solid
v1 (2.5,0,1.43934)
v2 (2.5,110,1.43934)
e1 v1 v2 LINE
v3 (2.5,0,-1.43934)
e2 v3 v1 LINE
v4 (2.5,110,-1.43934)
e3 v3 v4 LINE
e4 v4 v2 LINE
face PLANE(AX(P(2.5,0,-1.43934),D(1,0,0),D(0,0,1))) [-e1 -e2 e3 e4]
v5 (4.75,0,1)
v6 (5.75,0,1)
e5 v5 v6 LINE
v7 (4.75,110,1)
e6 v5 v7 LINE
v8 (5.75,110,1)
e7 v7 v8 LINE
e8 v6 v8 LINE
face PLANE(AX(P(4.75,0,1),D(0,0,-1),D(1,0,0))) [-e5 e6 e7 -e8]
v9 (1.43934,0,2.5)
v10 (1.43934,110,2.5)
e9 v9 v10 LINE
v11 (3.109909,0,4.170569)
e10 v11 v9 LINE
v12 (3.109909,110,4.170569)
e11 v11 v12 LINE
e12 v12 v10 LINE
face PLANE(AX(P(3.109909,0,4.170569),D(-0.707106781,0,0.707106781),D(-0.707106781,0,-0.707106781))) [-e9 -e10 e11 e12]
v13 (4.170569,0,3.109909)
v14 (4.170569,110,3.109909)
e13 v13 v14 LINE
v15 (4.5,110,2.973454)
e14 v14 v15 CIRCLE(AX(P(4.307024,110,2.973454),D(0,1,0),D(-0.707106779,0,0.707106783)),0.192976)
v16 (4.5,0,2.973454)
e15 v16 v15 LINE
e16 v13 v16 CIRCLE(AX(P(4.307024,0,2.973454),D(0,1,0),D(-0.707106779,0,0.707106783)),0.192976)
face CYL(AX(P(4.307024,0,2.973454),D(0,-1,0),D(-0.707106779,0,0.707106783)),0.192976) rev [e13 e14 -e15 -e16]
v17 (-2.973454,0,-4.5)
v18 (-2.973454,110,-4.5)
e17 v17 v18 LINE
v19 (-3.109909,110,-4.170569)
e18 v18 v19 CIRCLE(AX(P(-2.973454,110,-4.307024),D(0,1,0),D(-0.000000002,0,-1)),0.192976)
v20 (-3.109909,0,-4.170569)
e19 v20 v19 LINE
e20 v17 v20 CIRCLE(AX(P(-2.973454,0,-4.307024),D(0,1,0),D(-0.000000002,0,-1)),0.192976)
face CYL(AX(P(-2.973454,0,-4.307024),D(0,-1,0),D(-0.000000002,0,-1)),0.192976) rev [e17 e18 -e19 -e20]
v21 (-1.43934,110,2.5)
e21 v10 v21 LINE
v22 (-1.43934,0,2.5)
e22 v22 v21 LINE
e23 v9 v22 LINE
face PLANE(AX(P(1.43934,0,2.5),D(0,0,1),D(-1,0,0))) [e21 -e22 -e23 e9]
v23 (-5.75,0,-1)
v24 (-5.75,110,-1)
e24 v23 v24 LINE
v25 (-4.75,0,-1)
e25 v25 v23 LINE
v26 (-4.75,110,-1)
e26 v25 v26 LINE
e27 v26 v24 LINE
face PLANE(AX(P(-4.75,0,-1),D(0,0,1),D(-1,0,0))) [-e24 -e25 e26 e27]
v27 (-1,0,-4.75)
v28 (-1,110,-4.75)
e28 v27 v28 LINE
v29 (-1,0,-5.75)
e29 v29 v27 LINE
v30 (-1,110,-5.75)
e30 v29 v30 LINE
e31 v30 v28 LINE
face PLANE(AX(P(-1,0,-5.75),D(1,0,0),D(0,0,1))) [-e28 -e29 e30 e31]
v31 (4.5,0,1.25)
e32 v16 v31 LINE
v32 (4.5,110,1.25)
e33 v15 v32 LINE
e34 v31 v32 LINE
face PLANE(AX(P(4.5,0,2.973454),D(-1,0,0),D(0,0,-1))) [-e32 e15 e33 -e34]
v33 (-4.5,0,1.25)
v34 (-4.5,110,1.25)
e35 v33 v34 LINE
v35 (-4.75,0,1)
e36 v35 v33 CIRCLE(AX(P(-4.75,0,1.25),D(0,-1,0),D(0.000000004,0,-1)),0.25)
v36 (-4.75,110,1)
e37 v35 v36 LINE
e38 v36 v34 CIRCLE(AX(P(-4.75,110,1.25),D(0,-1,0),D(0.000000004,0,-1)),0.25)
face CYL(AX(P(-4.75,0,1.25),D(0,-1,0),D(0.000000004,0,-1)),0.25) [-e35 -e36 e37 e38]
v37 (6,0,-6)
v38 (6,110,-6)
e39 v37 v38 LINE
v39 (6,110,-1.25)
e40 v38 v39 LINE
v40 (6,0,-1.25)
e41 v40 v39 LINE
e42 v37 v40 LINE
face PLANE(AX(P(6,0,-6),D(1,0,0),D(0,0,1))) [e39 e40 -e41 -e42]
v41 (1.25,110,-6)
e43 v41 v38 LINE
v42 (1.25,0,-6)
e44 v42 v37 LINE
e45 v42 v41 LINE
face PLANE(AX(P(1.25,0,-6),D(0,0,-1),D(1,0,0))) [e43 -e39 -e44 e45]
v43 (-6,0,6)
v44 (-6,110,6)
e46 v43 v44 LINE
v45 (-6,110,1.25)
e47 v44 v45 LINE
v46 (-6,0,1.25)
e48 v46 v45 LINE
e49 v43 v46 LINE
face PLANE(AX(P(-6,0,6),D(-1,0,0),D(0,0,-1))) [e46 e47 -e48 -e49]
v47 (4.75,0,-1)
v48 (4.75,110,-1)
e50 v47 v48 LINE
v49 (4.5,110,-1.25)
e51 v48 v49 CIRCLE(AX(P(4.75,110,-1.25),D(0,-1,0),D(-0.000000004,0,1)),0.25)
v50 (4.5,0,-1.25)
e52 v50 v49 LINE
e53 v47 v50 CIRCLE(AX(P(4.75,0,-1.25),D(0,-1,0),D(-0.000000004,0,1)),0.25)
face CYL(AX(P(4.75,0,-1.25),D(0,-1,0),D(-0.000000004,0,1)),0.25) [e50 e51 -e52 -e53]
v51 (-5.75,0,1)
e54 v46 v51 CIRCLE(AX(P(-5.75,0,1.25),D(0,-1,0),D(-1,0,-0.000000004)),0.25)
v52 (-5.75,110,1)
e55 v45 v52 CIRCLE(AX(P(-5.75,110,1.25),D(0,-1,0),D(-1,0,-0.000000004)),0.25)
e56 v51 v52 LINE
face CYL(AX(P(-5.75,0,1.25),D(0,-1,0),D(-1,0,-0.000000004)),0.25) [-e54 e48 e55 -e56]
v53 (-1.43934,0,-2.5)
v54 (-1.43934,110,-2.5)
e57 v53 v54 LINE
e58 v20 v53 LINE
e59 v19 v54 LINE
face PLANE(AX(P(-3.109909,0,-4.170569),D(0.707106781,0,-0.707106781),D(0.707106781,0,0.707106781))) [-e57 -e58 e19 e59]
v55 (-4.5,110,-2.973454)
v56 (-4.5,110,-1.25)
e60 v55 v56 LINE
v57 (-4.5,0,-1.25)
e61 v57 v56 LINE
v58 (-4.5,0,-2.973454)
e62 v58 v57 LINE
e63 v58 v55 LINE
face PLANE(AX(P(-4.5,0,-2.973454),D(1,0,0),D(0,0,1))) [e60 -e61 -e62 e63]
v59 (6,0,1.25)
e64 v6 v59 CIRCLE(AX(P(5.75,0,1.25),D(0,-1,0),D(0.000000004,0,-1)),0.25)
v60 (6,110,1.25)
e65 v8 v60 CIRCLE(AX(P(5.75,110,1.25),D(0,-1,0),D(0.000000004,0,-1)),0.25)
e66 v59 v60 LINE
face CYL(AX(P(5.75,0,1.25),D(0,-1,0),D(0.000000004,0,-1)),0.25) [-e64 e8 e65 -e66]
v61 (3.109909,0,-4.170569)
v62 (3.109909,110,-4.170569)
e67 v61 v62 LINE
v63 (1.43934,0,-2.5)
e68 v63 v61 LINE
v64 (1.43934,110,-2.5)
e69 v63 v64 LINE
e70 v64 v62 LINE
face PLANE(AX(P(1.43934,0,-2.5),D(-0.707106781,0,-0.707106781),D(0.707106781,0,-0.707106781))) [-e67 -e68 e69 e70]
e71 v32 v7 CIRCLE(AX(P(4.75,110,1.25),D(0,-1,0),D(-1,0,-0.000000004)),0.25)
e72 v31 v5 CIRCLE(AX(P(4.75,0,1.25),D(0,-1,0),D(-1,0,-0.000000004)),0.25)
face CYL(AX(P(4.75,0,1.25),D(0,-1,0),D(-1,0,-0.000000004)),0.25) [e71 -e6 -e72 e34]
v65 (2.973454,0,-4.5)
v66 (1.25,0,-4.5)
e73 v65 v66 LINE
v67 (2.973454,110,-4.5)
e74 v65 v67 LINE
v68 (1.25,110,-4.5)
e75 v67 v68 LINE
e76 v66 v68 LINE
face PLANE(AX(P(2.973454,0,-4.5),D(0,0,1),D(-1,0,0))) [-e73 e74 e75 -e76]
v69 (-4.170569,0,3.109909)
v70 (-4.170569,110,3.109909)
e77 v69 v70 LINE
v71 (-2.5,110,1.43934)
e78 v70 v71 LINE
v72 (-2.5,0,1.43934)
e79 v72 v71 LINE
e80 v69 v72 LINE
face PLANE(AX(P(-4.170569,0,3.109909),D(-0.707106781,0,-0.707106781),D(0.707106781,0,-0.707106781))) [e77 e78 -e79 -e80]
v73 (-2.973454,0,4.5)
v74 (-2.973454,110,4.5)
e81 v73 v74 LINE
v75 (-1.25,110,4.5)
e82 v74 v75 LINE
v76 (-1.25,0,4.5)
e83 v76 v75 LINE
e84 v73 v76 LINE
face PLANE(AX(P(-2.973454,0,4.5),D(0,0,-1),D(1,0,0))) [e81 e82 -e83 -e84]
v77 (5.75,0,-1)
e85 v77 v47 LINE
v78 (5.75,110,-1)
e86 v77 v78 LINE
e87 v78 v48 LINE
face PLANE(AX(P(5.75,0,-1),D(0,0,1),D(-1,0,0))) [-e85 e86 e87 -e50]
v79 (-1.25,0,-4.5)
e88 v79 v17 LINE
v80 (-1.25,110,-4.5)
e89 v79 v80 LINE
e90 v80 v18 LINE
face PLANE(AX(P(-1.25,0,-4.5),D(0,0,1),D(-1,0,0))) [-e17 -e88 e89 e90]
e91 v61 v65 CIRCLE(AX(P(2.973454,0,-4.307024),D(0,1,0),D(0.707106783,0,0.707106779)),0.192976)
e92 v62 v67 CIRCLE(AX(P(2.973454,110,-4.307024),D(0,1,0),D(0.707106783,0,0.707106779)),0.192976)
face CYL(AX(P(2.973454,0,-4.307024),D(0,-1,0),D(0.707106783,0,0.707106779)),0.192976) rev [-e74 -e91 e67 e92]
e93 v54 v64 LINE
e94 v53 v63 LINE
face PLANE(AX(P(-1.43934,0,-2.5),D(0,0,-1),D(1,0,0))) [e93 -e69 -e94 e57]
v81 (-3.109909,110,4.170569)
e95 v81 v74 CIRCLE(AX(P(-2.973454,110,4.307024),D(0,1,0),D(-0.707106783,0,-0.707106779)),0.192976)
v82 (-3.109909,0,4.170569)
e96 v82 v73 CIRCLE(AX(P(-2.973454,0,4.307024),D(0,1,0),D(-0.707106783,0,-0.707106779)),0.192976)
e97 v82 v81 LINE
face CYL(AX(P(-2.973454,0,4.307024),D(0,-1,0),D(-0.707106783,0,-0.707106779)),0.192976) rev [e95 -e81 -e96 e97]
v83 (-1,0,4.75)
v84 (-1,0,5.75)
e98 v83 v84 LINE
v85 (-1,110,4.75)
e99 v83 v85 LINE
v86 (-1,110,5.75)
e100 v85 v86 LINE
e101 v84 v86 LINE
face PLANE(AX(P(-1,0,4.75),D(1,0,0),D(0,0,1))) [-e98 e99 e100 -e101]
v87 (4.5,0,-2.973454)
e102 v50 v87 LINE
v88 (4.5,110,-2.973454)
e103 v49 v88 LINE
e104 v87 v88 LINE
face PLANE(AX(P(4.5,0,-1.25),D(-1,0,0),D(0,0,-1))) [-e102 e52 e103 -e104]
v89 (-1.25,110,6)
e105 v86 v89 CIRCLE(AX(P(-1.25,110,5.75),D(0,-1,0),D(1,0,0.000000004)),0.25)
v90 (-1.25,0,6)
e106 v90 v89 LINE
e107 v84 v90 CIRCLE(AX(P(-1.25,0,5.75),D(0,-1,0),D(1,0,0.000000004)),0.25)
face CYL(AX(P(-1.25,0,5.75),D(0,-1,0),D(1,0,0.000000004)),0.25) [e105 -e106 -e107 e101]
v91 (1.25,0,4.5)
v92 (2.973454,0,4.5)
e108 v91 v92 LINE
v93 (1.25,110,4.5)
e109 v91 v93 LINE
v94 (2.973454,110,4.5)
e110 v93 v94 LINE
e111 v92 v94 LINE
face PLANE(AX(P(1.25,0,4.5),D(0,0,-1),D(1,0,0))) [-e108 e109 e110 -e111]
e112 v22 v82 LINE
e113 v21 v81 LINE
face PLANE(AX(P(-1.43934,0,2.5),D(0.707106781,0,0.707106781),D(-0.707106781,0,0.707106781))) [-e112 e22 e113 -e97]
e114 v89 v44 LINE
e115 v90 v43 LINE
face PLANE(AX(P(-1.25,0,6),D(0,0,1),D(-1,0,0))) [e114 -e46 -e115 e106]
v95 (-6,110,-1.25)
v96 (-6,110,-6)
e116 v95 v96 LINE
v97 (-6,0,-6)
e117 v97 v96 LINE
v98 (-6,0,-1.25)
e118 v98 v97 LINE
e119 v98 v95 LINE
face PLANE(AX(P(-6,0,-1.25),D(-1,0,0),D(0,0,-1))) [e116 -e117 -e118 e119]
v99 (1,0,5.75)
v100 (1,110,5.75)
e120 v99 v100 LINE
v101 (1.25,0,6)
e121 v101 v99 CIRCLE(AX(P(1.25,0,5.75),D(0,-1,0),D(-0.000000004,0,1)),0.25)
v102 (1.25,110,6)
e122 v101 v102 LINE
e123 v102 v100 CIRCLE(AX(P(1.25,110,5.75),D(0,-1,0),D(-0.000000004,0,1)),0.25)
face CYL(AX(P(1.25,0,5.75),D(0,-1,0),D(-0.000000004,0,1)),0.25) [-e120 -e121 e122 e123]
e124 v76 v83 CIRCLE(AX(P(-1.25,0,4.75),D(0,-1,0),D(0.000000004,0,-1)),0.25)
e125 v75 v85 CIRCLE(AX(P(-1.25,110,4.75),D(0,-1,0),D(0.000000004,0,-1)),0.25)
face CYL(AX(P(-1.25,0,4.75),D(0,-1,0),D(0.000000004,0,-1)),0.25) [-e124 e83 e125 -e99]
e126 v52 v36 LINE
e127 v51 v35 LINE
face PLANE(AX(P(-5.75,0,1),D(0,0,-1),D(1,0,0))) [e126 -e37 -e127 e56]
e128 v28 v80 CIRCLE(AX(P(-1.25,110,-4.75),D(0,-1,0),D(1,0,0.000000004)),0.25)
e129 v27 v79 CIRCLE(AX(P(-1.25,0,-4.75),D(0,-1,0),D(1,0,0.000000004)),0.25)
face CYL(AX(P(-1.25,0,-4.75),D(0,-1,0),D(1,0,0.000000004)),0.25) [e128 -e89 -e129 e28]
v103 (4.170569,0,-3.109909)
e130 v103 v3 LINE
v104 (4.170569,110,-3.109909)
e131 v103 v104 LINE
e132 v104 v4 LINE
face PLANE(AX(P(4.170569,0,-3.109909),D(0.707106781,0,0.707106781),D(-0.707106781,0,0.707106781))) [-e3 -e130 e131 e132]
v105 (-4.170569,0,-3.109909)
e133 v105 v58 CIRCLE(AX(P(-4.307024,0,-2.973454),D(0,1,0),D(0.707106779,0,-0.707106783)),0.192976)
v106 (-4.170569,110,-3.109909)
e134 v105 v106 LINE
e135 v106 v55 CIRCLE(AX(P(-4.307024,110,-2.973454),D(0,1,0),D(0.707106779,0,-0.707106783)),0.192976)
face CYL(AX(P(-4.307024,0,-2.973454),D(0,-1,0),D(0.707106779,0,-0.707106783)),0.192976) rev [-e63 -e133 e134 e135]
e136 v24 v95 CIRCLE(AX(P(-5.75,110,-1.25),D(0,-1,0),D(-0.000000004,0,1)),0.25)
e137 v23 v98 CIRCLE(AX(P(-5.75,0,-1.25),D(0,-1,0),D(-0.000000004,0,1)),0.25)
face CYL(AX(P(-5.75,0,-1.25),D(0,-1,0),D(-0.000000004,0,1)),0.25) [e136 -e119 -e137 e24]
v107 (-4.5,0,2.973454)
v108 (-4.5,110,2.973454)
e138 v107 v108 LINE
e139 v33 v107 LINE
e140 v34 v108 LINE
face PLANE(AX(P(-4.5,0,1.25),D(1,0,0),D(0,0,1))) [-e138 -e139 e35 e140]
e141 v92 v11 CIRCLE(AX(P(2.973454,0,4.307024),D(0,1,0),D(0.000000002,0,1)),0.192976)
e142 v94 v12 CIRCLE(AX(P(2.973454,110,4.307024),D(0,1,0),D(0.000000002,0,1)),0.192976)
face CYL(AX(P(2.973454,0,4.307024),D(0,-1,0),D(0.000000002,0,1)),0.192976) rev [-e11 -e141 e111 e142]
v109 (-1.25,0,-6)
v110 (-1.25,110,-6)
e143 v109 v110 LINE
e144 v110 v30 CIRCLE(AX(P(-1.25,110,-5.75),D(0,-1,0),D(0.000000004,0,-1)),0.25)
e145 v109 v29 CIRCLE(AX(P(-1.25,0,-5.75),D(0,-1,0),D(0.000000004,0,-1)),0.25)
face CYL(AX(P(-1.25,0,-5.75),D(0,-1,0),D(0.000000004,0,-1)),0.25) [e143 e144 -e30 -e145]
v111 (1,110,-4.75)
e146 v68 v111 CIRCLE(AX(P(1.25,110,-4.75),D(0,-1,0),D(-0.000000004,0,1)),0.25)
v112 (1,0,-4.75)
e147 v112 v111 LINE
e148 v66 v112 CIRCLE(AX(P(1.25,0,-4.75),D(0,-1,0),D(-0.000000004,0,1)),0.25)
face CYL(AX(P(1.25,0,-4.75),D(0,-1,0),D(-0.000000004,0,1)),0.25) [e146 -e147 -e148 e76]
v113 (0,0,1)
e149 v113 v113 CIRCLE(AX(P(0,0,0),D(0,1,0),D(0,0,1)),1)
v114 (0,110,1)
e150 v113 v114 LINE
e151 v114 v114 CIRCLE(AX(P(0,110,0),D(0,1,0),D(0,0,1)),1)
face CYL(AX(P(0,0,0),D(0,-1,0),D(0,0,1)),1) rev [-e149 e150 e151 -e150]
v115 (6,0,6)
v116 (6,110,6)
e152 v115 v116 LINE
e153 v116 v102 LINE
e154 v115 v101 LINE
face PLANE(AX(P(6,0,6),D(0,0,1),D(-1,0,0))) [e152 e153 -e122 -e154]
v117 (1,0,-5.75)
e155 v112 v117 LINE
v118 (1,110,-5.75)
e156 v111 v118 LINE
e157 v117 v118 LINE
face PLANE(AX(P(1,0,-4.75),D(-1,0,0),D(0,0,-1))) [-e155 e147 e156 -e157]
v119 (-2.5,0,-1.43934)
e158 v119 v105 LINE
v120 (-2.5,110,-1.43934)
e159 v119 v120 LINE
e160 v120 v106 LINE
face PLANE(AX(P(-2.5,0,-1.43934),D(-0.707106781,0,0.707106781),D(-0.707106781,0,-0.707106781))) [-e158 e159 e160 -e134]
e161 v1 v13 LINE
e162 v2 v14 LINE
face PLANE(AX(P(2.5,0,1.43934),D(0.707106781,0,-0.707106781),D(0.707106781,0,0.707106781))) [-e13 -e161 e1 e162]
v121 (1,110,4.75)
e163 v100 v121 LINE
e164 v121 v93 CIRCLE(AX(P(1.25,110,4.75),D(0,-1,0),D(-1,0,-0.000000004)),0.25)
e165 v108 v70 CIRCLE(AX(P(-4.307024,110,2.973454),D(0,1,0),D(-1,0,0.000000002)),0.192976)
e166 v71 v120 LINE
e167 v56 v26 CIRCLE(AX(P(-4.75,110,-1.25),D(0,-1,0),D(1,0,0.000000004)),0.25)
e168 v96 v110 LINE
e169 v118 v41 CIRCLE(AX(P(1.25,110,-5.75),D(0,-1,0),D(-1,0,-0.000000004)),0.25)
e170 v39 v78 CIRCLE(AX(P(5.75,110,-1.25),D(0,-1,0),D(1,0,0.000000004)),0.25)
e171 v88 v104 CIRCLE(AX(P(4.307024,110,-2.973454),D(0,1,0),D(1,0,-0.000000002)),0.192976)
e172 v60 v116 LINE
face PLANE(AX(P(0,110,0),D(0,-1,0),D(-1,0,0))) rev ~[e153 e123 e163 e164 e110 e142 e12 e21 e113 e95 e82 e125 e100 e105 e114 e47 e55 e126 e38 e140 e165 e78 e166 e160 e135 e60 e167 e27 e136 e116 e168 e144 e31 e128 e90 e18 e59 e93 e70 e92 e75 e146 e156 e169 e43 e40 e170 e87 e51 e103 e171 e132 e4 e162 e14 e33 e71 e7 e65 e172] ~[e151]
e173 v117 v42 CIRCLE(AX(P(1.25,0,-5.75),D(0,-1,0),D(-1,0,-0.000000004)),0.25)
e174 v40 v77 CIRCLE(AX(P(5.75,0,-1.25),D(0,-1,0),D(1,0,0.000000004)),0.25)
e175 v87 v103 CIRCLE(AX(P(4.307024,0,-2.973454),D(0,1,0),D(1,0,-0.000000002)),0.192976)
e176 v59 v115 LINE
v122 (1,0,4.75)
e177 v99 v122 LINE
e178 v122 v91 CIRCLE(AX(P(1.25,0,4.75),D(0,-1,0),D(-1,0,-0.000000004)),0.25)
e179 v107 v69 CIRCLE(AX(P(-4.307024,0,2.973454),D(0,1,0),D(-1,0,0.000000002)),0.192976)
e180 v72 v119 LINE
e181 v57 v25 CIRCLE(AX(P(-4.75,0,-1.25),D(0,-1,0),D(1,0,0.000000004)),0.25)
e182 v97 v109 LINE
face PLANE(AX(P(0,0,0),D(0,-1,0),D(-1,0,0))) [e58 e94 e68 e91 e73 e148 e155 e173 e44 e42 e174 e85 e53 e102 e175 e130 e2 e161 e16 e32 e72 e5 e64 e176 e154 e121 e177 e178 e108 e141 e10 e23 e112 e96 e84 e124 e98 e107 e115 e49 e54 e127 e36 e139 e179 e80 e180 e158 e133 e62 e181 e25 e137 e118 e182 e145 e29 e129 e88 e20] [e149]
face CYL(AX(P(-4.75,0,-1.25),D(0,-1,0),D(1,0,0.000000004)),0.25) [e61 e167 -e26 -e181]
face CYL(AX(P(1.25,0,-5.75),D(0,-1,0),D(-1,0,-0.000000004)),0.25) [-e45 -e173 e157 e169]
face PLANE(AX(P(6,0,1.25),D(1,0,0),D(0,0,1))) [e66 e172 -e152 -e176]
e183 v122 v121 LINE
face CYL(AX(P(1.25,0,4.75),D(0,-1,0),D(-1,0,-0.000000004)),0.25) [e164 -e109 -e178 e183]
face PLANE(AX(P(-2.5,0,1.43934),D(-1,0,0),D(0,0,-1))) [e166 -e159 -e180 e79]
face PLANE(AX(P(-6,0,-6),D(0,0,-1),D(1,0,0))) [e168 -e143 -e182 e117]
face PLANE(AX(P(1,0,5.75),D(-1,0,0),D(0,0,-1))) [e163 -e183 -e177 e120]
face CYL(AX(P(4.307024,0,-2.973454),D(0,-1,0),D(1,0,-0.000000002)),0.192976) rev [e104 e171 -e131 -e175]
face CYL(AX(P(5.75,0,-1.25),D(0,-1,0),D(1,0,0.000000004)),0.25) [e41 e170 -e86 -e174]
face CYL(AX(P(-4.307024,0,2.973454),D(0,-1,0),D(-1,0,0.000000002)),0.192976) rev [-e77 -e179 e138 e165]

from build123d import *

# Parameters (mm, degrees)
SKETCH1_R           = 1
BOSS_EXTRUDE1_DEPTH = 110


with BuildPart() as part:
    # Sketch1 → Boss-Extrude1 (new body)
    with BuildSketch(Plane(origin=(0, 0, 0), x_dir=(1, 0, 0), z_dir=(0, 1, 0))):
        with BuildLine():
            Line((1.25, 6), (6, 6))
            Line((6, 6), (6, 1.25))
            ThreePointArc((6, 1.25), (5.926776695, 1.073223305), (5.75, 1))
            Line((5.75, 1), (4.75, 1))
            ThreePointArc((4.75, 1), (4.573223305, 1.073223305), (4.5, 1.25))
            Line((4.5, 1.25), (4.5, 2.973453617))
            ThreePointArc((4.5, 2.973453617), (4.380872479, 3.151740551), (4.170568701, 3.109908529))
            Line((4.170568701, 3.109908529), (2.5, 1.439339828))
            Line((2.5, 1.439339828), (2.5, -1.439339828))
            Line((2.5, -1.439339828), (4.170568701, -3.109908529))
            ThreePointArc((4.170568701, -3.109908529), (4.380872479, -3.151740551), (4.5, -2.973453617))
            Line((4.5, -2.973453617), (4.5, -1.25))
            ThreePointArc((4.5, -1.25), (4.573223305, -1.073223305), (4.75, -1))
            Line((4.75, -1), (5.75, -1))
            ThreePointArc((5.75, -1), (5.926776695, -1.073223305), (6, -1.25))
            Line((6, -1.25), (6, -6))
            Line((6, -6), (1.25, -6))
            ThreePointArc((1.25, -6), (1.073223305, -5.926776695), (1, -5.75))
            Line((1, -5.75), (1, -4.75))
            ThreePointArc((1, -4.75), (1.073223305, -4.573223305), (1.25, -4.5))
            Line((1.25, -4.5), (2.973453617, -4.5))
            ThreePointArc((2.973453617, -4.5), (3.151740551, -4.380872479), (3.109908529, -4.170568701))
            Line((3.109908529, -4.170568701), (1.439339828, -2.5))
            Line((1.439339828, -2.5), (-1.439339828, -2.5))
            Line((-1.439339828, -2.5), (-3.109908529, -4.170568701))
            ThreePointArc((-3.109908529, -4.170568701), (-3.151740551, -4.380872479), (-2.973453617, -4.5))
            Line((-2.973453617, -4.5), (-1.25, -4.5))
            ThreePointArc((-1.25, -4.5), (-1.073223305, -4.573223305), (-1, -4.75))
            Line((-1, -4.75), (-1, -5.75))
            ThreePointArc((-1, -5.75), (-1.073223305, -5.926776695), (-1.25, -6))
            Line((-1.25, -6), (-6, -6))
            Line((-6, -6), (-6, -1.25))
            ThreePointArc((-6, -1.25), (-5.926776695, -1.073223305), (-5.75, -1))
            Line((-5.75, -1), (-4.75, -1))
            ThreePointArc((-4.75, -1), (-4.573223305, -1.073223305), (-4.5, -1.25))
            Line((-4.5, -1.25), (-4.5, -2.973453617))
            ThreePointArc((-4.5, -2.973453617), (-4.380872479, -3.151740551), (-4.170568701, -3.109908529))
            Line((-4.170568701, -3.109908529), (-2.5, -1.439339828))
            Line((-2.5, -1.439339828), (-2.5, 1.439339828))
            Line((-2.5, 1.439339828), (-4.170568701, 3.109908529))
            ThreePointArc((-4.170568701, 3.109908529), (-4.380872479, 3.151740551), (-4.5, 2.973453617))
            Line((-4.5, 2.973453617), (-4.5, 1.25))
            ThreePointArc((-4.5, 1.25), (-4.573223305, 1.073223305), (-4.75, 1))
            Line((-4.75, 1), (-5.75, 1))
            ThreePointArc((-5.75, 1), (-5.926776695, 1.073223305), (-6, 1.25))
            Line((-6, 1.25), (-6, 6))
            Line((-6, 6), (-1.25, 6))
            ThreePointArc((-1.25, 6), (-1.073223305, 5.926776695), (-1, 5.75))
            Line((-1, 5.75), (-1, 4.75))
            ThreePointArc((-1, 4.75), (-1.073223305, 4.573223305), (-1.25, 4.5))
            Line((-1.25, 4.5), (-2.973453617, 4.5))
            ThreePointArc((-2.973453617, 4.5), (-3.151740551, 4.380872479), (-3.109908529, 4.170568701))
            Line((-3.109908529, 4.170568701), (-1.439339828, 2.5))
            Line((-1.439339828, 2.5), (1.439339828, 2.5))
            Line((1.439339828, 2.5), (3.109908529, 4.170568701))
            ThreePointArc((3.109908529, 4.170568701), (3.151740551, 4.380872479), (2.973453617, 4.5))
            Line((2.973453617, 4.5), (1.25, 4.5))
            ThreePointArc((1.25, 4.5), (1.073223305, 4.573223305), (1, 4.75))
            Line((1, 4.75), (1, 5.75))
            ThreePointArc((1, 5.75), (1.073223305, 5.926776695), (1.25, 6))
        make_face()
        with Locations(Location((0, 0, 0), (0, 0, 270))):
            Circle(SKETCH1_R, mode=Mode.SUBTRACT)
    extrude(amount=BOSS_EXTRUDE1_DEPTH)


solid = part.part
